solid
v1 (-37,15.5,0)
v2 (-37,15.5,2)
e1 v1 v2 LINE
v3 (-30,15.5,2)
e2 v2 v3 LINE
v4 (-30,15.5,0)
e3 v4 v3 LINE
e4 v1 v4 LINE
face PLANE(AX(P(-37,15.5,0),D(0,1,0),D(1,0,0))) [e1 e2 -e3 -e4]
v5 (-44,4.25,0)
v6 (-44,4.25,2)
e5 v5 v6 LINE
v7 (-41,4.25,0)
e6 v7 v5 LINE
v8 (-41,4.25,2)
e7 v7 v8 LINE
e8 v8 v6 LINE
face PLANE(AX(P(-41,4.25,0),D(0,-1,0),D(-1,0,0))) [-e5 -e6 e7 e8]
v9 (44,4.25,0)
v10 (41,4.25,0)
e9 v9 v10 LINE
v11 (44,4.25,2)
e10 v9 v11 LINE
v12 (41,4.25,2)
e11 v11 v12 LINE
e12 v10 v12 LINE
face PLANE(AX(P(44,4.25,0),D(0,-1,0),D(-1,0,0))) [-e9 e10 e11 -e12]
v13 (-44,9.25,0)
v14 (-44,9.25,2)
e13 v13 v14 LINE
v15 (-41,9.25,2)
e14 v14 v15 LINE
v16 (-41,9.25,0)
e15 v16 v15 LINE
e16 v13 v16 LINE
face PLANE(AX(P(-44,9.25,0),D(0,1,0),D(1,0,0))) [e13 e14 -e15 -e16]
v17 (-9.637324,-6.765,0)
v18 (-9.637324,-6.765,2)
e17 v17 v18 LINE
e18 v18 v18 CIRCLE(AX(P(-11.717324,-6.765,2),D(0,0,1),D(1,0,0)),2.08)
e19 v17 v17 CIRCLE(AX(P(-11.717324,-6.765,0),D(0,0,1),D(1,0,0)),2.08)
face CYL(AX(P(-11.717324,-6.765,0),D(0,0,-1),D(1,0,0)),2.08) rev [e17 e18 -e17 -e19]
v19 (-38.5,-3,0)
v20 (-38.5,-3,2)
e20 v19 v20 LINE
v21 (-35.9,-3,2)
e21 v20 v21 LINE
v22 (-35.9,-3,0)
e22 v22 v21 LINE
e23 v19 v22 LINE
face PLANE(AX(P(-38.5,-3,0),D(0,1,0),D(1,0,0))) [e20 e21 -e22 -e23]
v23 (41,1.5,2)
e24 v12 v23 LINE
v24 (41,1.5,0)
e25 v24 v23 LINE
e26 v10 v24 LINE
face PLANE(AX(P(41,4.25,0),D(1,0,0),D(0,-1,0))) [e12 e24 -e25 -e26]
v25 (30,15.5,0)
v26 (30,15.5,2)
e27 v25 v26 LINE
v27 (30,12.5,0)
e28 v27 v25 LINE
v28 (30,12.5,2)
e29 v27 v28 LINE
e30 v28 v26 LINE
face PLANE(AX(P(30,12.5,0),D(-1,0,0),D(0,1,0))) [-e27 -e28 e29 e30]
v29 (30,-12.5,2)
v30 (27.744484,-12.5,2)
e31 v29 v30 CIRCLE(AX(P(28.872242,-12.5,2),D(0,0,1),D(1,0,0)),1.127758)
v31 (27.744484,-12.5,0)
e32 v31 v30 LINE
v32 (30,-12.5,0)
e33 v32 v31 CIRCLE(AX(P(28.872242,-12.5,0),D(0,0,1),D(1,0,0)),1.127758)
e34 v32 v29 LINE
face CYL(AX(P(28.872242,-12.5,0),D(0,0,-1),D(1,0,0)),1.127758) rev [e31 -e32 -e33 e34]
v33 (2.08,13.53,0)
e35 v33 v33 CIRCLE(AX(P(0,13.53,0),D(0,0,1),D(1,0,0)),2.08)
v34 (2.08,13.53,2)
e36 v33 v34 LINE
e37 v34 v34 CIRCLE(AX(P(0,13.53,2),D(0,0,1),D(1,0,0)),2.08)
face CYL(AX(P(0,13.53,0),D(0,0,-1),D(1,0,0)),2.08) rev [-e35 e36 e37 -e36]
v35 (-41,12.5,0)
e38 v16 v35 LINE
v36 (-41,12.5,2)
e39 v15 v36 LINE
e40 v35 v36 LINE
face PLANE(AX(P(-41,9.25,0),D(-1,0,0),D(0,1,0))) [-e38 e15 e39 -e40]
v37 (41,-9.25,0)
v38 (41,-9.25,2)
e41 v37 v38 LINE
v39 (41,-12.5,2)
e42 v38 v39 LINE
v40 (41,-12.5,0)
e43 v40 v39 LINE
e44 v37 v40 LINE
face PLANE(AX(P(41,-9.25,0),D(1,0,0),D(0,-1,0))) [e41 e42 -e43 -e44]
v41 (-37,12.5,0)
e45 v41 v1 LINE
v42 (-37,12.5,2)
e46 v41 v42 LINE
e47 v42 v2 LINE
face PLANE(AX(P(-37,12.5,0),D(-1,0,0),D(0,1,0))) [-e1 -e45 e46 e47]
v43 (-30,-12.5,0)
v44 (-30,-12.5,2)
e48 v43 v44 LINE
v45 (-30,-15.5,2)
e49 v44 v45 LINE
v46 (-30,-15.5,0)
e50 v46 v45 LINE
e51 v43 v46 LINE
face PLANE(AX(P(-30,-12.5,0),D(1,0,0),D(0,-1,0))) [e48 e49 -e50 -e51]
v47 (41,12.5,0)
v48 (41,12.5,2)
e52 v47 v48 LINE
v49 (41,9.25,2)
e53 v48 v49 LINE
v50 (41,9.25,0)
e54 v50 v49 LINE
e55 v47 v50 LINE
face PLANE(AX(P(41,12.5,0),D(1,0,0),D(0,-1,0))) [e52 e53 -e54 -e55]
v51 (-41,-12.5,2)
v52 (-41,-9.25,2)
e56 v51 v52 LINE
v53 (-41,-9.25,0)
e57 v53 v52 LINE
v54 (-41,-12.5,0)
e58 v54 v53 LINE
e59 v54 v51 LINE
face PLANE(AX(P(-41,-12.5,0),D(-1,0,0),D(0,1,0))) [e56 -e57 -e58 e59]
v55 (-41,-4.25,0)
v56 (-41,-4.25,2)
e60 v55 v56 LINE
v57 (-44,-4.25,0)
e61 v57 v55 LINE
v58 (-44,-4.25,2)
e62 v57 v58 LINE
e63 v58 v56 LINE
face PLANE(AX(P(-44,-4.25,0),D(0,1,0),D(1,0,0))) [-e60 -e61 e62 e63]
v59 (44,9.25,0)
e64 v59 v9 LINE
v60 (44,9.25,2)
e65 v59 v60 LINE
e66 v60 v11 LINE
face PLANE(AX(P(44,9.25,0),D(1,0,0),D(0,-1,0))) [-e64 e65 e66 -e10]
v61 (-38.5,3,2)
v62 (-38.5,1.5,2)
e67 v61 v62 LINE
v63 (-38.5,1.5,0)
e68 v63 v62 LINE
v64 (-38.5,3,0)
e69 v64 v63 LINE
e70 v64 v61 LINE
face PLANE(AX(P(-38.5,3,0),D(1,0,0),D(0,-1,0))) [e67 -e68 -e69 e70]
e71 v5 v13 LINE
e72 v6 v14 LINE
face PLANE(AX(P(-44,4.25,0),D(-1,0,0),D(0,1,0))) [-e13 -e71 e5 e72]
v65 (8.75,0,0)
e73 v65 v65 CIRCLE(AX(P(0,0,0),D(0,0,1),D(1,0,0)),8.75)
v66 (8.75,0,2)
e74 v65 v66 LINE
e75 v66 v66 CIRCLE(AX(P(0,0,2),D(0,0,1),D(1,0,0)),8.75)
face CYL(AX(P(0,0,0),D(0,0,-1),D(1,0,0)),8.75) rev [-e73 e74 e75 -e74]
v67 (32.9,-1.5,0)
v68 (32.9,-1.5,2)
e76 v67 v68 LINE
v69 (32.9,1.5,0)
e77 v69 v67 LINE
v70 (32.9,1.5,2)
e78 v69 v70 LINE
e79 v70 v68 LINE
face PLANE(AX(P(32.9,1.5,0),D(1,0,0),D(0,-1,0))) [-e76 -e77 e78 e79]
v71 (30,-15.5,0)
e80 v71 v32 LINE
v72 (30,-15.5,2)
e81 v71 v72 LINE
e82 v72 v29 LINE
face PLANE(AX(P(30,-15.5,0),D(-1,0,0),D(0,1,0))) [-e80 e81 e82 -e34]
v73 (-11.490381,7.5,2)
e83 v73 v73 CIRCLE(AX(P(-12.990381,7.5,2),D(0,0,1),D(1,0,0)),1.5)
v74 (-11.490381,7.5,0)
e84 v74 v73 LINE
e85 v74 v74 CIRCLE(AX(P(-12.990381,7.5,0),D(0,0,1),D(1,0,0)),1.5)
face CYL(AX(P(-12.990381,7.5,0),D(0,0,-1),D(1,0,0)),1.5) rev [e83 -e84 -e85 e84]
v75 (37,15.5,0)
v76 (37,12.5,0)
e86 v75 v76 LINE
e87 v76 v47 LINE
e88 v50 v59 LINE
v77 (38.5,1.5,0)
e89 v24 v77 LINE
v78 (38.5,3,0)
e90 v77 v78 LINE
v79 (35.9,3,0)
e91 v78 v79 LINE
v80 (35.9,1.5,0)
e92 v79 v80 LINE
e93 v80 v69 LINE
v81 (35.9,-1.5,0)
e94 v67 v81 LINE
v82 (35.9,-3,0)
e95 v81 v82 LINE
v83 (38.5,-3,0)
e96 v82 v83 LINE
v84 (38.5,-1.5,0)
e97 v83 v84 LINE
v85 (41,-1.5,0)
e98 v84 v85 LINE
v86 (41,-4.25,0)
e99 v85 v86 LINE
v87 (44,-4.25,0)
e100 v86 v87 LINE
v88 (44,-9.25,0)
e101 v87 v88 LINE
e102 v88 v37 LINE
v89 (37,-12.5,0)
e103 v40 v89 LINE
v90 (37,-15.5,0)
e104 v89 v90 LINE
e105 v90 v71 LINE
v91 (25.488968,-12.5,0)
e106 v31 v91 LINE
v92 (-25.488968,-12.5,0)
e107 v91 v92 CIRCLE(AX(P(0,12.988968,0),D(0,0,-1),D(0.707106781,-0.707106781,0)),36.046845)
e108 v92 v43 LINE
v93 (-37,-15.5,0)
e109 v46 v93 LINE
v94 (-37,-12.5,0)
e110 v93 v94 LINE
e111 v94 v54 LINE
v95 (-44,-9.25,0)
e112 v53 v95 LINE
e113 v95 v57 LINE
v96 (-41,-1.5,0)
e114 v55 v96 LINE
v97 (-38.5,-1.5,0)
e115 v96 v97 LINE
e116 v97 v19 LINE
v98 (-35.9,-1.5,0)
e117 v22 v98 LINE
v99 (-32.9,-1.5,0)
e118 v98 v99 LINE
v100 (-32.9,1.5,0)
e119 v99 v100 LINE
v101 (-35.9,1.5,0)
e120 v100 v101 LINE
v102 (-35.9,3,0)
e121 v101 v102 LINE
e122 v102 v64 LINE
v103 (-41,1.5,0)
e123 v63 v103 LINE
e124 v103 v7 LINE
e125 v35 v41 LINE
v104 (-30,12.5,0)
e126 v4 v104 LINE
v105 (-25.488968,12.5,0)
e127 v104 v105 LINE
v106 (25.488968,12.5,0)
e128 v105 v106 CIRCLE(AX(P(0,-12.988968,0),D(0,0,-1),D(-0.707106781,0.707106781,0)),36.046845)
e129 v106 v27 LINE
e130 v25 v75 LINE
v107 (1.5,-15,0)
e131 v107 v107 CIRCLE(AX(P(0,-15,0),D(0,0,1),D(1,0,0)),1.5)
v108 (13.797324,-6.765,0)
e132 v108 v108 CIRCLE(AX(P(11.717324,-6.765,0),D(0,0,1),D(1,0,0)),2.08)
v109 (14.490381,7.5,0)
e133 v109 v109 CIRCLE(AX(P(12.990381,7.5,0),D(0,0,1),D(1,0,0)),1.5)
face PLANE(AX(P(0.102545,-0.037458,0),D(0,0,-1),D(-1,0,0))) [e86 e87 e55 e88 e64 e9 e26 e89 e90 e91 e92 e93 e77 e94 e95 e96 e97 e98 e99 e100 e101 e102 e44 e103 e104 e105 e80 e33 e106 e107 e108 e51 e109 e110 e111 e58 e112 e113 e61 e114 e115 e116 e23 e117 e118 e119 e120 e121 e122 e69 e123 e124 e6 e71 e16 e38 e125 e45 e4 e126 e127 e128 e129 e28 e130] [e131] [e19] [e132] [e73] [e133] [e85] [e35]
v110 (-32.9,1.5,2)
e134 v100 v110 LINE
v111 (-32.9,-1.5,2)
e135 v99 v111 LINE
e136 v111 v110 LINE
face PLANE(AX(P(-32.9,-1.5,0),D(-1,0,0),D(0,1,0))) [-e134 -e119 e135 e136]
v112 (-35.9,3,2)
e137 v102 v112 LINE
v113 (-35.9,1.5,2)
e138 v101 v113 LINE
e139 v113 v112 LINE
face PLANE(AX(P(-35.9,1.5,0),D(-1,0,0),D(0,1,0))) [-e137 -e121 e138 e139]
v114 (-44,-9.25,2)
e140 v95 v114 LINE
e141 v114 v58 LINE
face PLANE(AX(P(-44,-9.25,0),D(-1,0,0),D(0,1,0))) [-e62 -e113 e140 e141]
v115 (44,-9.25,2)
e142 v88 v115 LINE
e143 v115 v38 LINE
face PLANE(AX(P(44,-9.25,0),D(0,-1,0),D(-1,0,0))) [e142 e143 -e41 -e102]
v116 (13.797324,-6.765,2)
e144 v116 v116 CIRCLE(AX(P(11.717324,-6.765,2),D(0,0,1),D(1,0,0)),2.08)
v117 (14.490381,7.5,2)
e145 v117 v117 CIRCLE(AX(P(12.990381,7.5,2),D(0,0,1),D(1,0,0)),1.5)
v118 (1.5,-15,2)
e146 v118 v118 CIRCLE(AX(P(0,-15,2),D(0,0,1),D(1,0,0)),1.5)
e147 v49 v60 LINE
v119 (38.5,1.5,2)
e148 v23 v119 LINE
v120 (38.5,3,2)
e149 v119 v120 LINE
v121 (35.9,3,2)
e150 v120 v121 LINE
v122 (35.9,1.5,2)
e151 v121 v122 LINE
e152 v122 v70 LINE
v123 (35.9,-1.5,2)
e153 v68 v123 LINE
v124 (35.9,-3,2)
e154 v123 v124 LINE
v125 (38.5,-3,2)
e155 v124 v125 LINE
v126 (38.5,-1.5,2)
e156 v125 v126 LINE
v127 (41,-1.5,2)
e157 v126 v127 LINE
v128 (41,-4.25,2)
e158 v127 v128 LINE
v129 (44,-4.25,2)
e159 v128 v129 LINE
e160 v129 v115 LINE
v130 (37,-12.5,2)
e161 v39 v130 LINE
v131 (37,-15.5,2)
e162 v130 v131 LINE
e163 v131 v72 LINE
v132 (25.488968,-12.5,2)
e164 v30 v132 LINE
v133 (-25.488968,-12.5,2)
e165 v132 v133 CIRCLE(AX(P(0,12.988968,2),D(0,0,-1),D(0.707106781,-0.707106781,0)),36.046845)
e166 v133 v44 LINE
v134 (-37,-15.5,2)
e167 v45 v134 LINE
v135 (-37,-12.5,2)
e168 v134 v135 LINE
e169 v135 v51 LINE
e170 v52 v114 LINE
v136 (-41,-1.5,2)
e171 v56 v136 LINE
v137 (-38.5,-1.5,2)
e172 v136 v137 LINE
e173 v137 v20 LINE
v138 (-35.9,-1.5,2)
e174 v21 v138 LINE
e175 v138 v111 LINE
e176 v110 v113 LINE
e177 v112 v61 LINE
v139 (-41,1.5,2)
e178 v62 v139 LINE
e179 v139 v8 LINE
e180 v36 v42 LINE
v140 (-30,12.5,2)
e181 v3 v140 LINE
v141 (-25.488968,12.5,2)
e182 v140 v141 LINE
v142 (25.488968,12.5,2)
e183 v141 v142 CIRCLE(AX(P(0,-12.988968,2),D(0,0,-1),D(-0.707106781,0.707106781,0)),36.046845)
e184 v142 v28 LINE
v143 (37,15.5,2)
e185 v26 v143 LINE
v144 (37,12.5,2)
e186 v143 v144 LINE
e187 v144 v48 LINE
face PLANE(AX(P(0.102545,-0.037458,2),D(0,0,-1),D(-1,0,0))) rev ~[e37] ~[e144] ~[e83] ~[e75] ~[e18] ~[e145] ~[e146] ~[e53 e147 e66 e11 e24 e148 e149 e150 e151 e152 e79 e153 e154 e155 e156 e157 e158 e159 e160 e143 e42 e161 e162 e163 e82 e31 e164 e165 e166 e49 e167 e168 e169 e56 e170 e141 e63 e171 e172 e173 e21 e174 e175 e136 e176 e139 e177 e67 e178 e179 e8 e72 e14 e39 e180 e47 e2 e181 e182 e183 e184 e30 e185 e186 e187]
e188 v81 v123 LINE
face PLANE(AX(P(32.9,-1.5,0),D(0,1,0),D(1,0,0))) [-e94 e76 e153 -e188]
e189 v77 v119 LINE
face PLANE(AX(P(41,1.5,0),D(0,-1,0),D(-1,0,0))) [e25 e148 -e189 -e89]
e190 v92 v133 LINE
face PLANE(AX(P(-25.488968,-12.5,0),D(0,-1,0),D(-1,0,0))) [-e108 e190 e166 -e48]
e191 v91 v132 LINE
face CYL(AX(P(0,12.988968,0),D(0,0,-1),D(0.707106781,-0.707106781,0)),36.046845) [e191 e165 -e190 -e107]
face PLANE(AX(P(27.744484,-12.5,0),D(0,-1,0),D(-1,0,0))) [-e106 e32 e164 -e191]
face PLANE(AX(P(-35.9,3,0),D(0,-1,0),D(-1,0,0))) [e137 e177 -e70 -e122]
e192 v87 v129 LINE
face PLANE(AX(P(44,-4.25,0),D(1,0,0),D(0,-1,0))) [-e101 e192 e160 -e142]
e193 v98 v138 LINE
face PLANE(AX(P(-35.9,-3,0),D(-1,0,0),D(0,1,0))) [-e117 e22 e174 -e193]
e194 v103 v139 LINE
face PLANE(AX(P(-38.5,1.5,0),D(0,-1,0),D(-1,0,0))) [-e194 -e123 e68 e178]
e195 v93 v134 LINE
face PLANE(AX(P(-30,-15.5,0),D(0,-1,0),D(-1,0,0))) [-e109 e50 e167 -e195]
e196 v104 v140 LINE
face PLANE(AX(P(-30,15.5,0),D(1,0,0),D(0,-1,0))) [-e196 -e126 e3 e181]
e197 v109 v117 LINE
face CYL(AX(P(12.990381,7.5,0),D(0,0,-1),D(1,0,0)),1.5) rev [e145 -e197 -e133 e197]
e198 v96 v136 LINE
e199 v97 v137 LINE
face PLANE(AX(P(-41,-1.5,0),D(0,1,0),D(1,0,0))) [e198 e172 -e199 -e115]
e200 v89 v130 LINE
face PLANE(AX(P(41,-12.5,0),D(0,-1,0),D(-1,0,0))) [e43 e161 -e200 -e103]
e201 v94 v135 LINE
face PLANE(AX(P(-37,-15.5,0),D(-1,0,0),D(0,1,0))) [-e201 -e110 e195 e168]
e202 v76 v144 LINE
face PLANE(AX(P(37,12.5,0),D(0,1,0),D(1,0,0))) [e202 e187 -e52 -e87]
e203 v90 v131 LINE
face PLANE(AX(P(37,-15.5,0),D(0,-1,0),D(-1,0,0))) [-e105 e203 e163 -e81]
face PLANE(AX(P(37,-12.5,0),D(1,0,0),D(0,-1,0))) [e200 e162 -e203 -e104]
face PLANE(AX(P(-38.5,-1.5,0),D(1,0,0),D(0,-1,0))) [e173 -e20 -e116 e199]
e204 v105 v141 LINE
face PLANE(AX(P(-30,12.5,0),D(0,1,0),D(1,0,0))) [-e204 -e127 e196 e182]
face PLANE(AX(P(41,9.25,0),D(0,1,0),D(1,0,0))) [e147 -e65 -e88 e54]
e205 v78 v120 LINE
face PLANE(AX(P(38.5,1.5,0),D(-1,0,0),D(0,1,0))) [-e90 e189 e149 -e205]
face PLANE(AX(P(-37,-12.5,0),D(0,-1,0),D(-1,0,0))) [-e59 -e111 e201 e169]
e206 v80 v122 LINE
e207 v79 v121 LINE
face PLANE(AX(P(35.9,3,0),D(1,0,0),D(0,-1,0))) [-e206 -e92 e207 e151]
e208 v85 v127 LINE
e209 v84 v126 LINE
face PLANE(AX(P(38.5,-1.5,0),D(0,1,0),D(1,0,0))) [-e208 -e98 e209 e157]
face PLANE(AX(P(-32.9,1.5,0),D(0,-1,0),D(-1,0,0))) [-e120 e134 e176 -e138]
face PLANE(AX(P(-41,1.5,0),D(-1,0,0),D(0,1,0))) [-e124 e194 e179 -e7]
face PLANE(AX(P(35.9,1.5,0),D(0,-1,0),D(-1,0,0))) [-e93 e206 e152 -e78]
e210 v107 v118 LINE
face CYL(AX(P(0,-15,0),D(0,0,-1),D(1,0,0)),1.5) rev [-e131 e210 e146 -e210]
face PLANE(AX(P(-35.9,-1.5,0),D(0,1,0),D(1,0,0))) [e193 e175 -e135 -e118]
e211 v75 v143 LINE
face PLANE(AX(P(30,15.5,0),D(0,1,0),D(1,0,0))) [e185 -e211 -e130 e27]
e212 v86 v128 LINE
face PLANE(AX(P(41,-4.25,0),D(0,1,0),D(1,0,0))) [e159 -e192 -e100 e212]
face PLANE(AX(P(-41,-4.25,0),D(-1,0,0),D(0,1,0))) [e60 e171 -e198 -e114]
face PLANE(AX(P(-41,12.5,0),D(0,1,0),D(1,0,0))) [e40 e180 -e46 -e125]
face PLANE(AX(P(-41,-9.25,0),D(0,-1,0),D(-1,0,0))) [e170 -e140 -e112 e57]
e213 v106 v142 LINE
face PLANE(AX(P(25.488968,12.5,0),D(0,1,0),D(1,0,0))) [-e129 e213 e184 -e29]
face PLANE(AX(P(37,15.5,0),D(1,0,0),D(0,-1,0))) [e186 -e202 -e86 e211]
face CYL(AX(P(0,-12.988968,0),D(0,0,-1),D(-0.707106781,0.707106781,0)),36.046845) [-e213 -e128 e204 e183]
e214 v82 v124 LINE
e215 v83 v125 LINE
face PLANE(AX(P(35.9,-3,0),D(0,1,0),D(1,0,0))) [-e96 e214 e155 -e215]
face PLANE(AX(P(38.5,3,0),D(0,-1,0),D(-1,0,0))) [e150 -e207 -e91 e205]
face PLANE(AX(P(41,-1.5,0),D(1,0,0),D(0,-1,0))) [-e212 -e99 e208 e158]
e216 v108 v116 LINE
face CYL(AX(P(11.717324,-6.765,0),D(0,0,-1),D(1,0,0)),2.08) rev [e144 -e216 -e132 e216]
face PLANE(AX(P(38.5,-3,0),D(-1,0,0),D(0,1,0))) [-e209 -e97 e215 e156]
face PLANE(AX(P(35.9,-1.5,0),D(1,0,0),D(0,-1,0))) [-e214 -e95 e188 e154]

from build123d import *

# Parameters (mm, degrees)
SKETCH_1_R      = 2.08
SKETCH_1_R_2    = 8.75
SKETCH_1_R_3    = 1.5
EXTRUDE_2_DEPTH = 2


with BuildPart() as part:
    # 草图1 → 凸台-拉伸2 (new body)
    with BuildSketch(Plane.XY):
        with BuildLine():
            Line((25.488968202, 12.5), (30, 12.5))
            Line((30, 12.5), (30, 15.5))
            Line((30, 15.5), (37, 15.5))
            Line((37, 15.5), (37, 12.5))
            Line((37, 12.5), (41, 12.5))
            Line((41, 12.5), (41, 9.25))
            Line((41, 9.25), (44, 9.25))
            Line((44, 9.25), (44, 4.25))
            Line((44, 4.25), (41, 4.25))
            Line((41, 4.25), (41, 1.5))
            Line((41, 1.5), (38.5, 1.5))
            Line((38.5, 1.5), (38.5, 3))
            Line((38.5, 3), (35.9, 3))
            Line((35.9, 3), (35.9, 1.5))
            Line((35.9, 1.5), (32.9, 1.5))
            Line((32.9, 1.5), (32.9, -1.5))
            Line((32.9, -1.5), (35.9, -1.5))
            Line((35.9, -1.5), (35.9, -3))
            Line((35.9, -3), (38.5, -3))
            Line((38.5, -3), (38.5, -1.5))
            Line((38.5, -1.5), (41, -1.5))
            Line((41, -1.5), (41, -4.25))
            Line((41, -4.25), (44, -4.25))
            Line((44, -4.25), (44, -9.25))
            Line((44, -9.25), (41, -9.25))
            Line((41, -9.25), (41, -12.5))
            Line((41, -12.5), (37, -12.5))
            Line((37, -12.5), (37, -15.5))
            Line((37, -15.5), (30, -15.5))
            Line((30, -15.5), (30, -12.5))
            ThreePointArc((30, -12.5), (28.87224205, -11.37224205), (27.744484101, -12.5))
            Line((27.744484101, -12.5), (25.488968202, -12.5))
            ThreePointArc((25.488968202, -12.5), (0, -23.05787632), (-25.488968202, -12.5))
            Line((-25.488968202, -12.5), (-30, -12.5))
            Line((-30, -12.5), (-30, -15.5))
            Line((-30, -15.5), (-37, -15.5))
            Line((-37, -15.5), (-37, -12.5))
            Line((-37, -12.5), (-41, -12.5))
            Line((-41, -12.5), (-41, -9.25))
            Line((-41, -9.25), (-44, -9.25))
            Line((-44, -9.25), (-44, -4.25))
            Line((-44, -4.25), (-41, -4.25))
            Line((-41, -4.25), (-41, -1.5))
            Line((-41, -1.5), (-38.5, -1.5))
            Line((-38.5, -1.5), (-38.5, -3))
            Line((-38.5, -3), (-35.9, -3))
            Line((-35.9, -3), (-35.9, -1.5))
            Line((-35.9, -1.5), (-32.9, -1.5))
            Line((-32.9, -1.5), (-32.9, 1.5))
            Line((-32.9, 1.5), (-35.9, 1.5))
            Line((-35.9, 1.5), (-35.9, 3))
            Line((-35.9, 3), (-38.5, 3))
            Line((-38.5, 3), (-38.5, 1.5))
            Line((-38.5, 1.5), (-41, 1.5))
            Line((-41, 1.5), (-41, 4.25))
            Line((-41, 4.25), (-44, 4.25))
            Line((-44, 4.25), (-44, 9.25))
            Line((-44, 9.25), (-41, 9.25))
            Line((-41, 9.25), (-41, 12.5))
            Line((-41, 12.5), (-37, 12.5))
            Line((-37, 12.5), (-37, 15.5))
            Line((-37, 15.5), (-30, 15.5))
            Line((-30, 15.5), (-30, 12.5))
            Line((-30, 12.5), (-25.488968202, 12.5))
            ThreePointArc((-25.488968202, 12.5), (0, 23.05787632), (25.488968202, 12.5))
        make_face()
        with Locations((0, 13.53)):
            Circle(SKETCH_1_R, mode=Mode.SUBTRACT)
        with Locations((11.717323713, -6.765)):
            Circle(SKETCH_1_R, mode=Mode.SUBTRACT)
        with Locations((-11.717323713, -6.765)):
            Circle(SKETCH_1_R, mode=Mode.SUBTRACT)
        Circle(SKETCH_1_R_2, mode=Mode.SUBTRACT)
        with Locations((-12.990381057, 7.5)):
            Circle(SKETCH_1_R_3, mode=Mode.SUBTRACT)
        with Locations((12.990381057, 7.5)):
            Circle(SKETCH_1_R_3, mode=Mode.SUBTRACT)
        with Locations((0, -15)):
            Circle(SKETCH_1_R_3, mode=Mode.SUBTRACT)
    extrude(amount=EXTRUDE_2_DEPTH)


solid = part.part
